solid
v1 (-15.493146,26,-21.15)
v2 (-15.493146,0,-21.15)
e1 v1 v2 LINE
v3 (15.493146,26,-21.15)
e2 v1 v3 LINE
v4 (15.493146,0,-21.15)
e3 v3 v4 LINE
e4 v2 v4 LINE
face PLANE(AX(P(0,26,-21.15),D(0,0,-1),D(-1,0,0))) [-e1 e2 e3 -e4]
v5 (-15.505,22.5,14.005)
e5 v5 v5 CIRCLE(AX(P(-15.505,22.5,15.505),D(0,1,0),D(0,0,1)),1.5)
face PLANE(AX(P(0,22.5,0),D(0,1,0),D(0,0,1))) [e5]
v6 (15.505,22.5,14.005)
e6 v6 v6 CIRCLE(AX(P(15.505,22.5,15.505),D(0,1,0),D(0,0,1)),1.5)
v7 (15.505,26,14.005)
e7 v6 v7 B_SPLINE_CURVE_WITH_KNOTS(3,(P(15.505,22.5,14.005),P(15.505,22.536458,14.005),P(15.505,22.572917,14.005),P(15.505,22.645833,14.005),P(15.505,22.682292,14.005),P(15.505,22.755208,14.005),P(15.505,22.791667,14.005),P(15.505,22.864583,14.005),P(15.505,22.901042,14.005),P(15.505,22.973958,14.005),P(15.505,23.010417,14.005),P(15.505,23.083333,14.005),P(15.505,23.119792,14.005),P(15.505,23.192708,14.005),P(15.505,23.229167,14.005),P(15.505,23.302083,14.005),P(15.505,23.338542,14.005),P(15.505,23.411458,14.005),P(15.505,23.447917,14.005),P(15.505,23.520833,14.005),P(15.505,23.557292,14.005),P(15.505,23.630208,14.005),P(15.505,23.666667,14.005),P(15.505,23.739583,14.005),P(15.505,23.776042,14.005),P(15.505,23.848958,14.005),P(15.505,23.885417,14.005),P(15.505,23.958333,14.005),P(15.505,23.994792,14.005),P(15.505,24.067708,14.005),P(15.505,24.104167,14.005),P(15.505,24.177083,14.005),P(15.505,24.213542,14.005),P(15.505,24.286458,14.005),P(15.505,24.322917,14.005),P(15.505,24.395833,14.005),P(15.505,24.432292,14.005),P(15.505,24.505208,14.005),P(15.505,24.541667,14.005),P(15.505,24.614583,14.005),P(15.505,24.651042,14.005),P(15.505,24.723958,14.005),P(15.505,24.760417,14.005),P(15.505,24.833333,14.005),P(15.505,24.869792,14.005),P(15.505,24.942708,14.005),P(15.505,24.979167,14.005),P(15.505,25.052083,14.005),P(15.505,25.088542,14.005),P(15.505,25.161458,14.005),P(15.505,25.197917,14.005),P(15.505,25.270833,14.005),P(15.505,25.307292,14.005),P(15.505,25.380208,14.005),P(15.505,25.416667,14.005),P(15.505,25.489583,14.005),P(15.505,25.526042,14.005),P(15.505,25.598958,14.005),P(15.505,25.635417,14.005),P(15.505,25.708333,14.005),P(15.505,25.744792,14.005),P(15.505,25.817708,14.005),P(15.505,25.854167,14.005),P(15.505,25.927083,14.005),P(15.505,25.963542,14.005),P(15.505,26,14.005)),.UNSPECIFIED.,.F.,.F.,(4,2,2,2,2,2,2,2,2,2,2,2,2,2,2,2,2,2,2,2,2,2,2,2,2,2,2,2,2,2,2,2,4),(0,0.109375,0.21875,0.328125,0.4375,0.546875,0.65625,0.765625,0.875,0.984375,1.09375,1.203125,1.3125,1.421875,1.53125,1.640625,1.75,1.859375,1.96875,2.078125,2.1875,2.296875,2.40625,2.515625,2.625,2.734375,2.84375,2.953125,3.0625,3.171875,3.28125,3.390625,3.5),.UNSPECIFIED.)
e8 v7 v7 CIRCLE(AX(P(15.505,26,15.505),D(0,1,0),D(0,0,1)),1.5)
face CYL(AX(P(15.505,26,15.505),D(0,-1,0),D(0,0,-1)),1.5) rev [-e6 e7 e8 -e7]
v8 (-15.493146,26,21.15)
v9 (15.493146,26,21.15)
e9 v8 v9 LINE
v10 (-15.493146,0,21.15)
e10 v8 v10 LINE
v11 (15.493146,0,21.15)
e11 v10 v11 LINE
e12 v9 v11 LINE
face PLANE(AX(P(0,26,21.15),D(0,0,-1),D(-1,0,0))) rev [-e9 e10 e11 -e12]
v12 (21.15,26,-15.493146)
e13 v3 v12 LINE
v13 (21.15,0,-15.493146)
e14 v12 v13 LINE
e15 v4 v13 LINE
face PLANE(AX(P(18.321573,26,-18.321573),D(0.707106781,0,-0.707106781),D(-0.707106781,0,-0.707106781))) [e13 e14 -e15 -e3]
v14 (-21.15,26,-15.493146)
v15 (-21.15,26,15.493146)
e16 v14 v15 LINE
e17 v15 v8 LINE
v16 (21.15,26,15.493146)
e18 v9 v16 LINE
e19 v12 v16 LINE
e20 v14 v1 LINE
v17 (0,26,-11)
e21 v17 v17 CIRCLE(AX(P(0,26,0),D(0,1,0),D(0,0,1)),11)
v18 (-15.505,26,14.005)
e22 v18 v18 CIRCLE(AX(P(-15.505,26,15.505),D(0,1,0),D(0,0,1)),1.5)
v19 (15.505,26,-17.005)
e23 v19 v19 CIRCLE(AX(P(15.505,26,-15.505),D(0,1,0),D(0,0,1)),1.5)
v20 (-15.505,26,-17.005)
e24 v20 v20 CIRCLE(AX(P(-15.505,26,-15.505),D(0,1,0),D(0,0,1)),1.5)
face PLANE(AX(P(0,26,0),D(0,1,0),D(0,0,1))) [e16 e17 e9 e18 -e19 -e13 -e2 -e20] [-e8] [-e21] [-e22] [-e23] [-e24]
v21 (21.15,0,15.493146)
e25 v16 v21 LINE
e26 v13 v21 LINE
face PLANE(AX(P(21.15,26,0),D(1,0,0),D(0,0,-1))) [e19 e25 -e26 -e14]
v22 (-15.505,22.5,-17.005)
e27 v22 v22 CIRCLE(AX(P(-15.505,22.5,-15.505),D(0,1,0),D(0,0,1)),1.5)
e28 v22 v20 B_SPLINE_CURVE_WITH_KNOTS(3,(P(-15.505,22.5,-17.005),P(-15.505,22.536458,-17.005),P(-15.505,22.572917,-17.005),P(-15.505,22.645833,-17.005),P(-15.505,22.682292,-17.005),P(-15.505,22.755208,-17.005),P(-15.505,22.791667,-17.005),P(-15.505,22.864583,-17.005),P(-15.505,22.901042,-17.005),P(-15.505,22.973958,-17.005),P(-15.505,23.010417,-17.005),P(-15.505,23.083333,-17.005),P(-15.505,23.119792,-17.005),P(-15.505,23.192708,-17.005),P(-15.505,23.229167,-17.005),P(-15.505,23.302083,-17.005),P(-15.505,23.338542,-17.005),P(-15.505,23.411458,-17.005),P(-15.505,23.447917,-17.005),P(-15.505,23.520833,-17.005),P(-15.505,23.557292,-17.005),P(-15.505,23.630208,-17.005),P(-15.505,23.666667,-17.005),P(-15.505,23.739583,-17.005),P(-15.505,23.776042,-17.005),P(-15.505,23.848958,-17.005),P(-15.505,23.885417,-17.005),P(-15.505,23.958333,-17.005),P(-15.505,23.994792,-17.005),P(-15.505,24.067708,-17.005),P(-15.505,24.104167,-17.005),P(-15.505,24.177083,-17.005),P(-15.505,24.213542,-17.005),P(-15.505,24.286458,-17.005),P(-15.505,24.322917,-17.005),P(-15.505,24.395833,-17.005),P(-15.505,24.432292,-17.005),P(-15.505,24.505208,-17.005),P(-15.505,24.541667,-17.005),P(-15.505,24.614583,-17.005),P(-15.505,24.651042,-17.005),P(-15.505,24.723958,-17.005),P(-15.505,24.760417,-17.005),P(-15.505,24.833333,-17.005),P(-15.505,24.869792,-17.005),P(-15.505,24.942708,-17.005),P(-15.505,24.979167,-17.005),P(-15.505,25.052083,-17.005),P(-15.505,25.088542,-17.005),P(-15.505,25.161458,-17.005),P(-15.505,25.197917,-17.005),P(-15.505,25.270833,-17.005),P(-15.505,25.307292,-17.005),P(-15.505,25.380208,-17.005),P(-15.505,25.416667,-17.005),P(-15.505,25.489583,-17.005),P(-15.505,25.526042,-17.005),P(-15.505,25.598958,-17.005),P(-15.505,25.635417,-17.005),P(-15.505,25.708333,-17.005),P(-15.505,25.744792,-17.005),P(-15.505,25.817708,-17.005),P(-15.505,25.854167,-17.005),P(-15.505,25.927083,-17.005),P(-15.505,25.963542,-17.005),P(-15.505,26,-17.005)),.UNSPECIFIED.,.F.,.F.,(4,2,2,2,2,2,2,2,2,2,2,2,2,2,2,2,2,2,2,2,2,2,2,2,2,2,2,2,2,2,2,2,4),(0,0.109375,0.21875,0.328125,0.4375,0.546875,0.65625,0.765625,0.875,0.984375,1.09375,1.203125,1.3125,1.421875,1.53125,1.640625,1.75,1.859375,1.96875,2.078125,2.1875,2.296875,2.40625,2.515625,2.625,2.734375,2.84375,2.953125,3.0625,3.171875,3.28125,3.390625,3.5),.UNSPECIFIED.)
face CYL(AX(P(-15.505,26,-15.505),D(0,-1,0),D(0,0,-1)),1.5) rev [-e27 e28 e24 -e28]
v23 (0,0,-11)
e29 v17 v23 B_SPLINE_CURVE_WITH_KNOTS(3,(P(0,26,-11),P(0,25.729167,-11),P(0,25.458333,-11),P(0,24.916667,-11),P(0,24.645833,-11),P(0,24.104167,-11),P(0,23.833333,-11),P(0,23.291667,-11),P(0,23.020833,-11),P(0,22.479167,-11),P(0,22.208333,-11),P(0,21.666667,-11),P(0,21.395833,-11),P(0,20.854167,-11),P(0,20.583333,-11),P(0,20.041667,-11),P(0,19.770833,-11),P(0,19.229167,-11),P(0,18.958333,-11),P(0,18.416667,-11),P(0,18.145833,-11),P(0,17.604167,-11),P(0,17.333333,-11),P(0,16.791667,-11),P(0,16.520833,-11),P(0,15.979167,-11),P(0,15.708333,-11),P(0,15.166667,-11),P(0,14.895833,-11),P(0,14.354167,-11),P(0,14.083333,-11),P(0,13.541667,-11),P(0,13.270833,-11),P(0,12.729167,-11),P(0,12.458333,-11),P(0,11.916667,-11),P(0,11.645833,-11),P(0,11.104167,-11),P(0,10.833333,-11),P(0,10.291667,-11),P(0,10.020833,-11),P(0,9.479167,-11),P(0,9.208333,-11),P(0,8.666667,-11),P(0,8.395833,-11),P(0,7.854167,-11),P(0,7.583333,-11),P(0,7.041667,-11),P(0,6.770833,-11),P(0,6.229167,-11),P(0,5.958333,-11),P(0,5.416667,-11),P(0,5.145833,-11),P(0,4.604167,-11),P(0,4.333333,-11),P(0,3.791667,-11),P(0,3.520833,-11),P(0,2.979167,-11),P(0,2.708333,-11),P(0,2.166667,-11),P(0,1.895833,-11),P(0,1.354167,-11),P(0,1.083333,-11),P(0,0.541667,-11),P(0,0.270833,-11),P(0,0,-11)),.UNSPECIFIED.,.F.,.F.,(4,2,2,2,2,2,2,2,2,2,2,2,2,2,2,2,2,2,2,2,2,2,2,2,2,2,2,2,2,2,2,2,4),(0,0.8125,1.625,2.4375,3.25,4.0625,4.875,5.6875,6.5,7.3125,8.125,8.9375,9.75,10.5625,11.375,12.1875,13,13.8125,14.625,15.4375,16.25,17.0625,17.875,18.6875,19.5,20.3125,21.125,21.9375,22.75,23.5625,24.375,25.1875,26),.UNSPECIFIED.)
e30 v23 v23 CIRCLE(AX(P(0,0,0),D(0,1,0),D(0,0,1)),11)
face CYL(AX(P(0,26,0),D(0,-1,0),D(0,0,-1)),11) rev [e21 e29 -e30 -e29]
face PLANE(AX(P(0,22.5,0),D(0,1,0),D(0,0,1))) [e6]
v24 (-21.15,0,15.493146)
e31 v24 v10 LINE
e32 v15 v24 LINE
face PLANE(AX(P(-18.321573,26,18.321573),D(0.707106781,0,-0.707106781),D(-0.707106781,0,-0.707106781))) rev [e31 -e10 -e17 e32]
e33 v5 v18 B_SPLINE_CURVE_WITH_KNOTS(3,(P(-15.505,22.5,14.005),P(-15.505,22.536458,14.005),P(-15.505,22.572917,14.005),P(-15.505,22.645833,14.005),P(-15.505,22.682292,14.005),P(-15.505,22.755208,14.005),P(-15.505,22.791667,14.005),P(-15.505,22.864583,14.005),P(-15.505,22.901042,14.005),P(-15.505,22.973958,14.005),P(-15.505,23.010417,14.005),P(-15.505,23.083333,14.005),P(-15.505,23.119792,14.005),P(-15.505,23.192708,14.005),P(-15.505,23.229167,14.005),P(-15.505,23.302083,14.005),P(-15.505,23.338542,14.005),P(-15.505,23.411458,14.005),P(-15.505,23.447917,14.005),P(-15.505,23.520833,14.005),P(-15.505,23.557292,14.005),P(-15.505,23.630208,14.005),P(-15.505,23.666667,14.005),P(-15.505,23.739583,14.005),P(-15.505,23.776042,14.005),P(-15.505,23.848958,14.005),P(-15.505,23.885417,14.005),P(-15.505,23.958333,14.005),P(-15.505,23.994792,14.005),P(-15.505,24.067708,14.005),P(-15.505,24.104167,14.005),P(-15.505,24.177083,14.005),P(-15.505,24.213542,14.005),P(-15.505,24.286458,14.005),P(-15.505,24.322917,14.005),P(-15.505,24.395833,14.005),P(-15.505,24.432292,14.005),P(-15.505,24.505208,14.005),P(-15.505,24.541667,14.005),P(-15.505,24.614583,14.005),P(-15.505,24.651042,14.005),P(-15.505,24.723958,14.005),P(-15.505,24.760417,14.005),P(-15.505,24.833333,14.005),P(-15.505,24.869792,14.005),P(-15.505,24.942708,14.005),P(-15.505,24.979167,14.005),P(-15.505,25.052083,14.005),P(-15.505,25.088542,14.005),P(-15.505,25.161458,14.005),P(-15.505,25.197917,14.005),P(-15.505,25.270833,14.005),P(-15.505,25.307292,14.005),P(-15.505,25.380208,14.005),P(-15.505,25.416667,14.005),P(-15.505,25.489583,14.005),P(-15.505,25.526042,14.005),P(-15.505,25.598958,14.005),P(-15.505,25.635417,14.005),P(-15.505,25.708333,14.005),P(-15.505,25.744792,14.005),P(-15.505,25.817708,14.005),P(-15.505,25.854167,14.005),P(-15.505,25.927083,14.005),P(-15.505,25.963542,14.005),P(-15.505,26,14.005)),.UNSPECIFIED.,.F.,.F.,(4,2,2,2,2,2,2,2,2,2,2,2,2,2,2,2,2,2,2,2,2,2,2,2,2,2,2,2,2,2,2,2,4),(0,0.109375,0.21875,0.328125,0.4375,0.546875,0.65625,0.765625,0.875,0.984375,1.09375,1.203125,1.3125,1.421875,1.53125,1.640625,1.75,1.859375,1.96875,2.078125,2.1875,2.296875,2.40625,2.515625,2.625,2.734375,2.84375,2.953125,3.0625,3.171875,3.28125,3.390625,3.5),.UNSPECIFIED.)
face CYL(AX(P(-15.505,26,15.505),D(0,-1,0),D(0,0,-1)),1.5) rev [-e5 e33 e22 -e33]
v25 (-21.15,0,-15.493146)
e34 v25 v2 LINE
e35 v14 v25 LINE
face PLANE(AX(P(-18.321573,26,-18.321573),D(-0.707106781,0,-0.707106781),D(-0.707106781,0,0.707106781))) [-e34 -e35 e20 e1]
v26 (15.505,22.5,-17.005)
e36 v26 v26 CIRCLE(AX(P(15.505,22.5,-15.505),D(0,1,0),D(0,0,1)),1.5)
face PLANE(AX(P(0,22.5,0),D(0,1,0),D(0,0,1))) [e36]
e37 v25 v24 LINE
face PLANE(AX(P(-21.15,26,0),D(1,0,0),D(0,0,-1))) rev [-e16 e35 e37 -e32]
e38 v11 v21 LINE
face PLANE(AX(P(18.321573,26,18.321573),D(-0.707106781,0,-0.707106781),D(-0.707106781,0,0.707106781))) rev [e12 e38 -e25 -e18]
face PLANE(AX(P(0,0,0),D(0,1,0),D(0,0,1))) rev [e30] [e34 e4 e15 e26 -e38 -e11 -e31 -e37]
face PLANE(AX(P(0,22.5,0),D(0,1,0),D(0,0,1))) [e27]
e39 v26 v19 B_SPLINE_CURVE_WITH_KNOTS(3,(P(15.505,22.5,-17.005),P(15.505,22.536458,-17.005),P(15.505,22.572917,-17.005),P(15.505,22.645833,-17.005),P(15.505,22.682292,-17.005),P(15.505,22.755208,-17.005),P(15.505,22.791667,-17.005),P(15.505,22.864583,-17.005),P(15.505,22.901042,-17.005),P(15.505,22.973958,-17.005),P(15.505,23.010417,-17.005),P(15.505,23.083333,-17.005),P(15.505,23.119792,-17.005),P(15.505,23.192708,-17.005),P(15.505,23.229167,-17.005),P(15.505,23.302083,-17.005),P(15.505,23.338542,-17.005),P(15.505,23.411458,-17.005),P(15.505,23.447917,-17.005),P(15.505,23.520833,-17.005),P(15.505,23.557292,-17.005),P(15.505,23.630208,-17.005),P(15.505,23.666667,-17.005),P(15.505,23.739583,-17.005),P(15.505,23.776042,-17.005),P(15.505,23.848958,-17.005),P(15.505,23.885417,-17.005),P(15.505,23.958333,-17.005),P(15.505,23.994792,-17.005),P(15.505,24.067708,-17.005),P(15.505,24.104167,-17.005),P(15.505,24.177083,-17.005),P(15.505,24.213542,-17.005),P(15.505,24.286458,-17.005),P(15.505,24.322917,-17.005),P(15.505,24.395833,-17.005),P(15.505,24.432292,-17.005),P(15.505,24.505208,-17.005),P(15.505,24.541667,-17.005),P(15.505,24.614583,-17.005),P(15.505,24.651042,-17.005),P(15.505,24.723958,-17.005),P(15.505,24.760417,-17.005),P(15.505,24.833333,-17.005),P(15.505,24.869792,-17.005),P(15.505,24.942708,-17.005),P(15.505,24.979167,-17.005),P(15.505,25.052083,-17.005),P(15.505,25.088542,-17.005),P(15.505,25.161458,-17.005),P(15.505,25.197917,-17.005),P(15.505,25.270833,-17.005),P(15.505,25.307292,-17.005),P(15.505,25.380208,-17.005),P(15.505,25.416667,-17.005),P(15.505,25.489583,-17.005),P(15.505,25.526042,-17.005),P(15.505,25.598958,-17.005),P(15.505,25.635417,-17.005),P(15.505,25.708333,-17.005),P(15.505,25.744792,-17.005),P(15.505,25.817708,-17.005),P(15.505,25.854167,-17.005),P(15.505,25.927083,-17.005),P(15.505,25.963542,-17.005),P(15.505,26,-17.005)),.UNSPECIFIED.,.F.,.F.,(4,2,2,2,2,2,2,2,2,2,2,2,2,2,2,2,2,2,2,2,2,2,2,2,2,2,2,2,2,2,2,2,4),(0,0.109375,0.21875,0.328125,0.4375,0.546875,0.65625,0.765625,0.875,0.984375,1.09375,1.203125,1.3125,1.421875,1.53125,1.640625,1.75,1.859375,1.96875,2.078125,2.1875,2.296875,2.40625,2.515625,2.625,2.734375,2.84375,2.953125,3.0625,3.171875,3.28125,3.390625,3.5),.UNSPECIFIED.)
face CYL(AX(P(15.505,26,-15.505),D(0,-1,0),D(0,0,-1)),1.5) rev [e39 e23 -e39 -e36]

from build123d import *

# Parameters (mm, degrees)
SKETCH1_R           = 1.5
SKETCH1_R_2         = 11
BOSS_EXTRUDE1_DEPTH = 26
SKETCH1_3_R         = 1.5
BOSS_EXTRUDE2_DEPTH = 22.5


with BuildPart() as part:
    # Sketch1 → Boss-Extrude1 (new body)
    with BuildSketch(Plane(origin=(0, 0, 0), x_dir=(1, 0, 0), z_dir=(0, 1, 0))):
        Polygon((-15.493145751, 21.15), (-21.15, 15.493145751), (-21.15, -15.493145751), (-15.493145751, -21.15), (15.493145751, -21.15), (21.15, -15.493145751), (21.15, 15.493145751), (15.493145751, 21.15), align=None)
        with Locations(Location((-15.505, -15.505, 0), (0, 0, 90))):
            Circle(SKETCH1_R, mode=Mode.SUBTRACT)
        with Locations(Location((15.505, -15.505, 0), (0, 0, 90))):
            Circle(SKETCH1_R, mode=Mode.SUBTRACT)
        with Locations(Location((0, 0, 0), (0, 0, 90))):
            Circle(SKETCH1_R_2, mode=Mode.SUBTRACT)
        with Locations(Location((-15.505, 15.505, 0), (0, 0, 90))):
            Circle(SKETCH1_R, mode=Mode.SUBTRACT)
        with Locations(Location((15.505, 15.505, 0), (0, 0, 90))):
            Circle(SKETCH1_R, mode=Mode.SUBTRACT)
    extrude(amount=BOSS_EXTRUDE1_DEPTH)

    # Sketch1<3> → Boss-Extrude2 (add)
    with BuildSketch(Plane(origin=(0, 0, 0), x_dir=(1, 0, 0), z_dir=(0, 1, 0))):
        with Locations(Location((15.505, -15.505, 0), (0, 0, 90))):
            Circle(SKETCH1_3_R)
        with Locations(Location((-15.505, -15.505, 0), (0, 0, 90))):
            Circle(SKETCH1_3_R)
        with Locations(Location((15.505, 15.505, 0), (0, 0, 90))):
            Circle(SKETCH1_3_R)
        with Locations(Location((-15.505, 15.505, 0), (0, 0, 90))):
            Circle(SKETCH1_3_R)
    extrude(amount=BOSS_EXTRUDE2_DEPTH)


solid = part.part
